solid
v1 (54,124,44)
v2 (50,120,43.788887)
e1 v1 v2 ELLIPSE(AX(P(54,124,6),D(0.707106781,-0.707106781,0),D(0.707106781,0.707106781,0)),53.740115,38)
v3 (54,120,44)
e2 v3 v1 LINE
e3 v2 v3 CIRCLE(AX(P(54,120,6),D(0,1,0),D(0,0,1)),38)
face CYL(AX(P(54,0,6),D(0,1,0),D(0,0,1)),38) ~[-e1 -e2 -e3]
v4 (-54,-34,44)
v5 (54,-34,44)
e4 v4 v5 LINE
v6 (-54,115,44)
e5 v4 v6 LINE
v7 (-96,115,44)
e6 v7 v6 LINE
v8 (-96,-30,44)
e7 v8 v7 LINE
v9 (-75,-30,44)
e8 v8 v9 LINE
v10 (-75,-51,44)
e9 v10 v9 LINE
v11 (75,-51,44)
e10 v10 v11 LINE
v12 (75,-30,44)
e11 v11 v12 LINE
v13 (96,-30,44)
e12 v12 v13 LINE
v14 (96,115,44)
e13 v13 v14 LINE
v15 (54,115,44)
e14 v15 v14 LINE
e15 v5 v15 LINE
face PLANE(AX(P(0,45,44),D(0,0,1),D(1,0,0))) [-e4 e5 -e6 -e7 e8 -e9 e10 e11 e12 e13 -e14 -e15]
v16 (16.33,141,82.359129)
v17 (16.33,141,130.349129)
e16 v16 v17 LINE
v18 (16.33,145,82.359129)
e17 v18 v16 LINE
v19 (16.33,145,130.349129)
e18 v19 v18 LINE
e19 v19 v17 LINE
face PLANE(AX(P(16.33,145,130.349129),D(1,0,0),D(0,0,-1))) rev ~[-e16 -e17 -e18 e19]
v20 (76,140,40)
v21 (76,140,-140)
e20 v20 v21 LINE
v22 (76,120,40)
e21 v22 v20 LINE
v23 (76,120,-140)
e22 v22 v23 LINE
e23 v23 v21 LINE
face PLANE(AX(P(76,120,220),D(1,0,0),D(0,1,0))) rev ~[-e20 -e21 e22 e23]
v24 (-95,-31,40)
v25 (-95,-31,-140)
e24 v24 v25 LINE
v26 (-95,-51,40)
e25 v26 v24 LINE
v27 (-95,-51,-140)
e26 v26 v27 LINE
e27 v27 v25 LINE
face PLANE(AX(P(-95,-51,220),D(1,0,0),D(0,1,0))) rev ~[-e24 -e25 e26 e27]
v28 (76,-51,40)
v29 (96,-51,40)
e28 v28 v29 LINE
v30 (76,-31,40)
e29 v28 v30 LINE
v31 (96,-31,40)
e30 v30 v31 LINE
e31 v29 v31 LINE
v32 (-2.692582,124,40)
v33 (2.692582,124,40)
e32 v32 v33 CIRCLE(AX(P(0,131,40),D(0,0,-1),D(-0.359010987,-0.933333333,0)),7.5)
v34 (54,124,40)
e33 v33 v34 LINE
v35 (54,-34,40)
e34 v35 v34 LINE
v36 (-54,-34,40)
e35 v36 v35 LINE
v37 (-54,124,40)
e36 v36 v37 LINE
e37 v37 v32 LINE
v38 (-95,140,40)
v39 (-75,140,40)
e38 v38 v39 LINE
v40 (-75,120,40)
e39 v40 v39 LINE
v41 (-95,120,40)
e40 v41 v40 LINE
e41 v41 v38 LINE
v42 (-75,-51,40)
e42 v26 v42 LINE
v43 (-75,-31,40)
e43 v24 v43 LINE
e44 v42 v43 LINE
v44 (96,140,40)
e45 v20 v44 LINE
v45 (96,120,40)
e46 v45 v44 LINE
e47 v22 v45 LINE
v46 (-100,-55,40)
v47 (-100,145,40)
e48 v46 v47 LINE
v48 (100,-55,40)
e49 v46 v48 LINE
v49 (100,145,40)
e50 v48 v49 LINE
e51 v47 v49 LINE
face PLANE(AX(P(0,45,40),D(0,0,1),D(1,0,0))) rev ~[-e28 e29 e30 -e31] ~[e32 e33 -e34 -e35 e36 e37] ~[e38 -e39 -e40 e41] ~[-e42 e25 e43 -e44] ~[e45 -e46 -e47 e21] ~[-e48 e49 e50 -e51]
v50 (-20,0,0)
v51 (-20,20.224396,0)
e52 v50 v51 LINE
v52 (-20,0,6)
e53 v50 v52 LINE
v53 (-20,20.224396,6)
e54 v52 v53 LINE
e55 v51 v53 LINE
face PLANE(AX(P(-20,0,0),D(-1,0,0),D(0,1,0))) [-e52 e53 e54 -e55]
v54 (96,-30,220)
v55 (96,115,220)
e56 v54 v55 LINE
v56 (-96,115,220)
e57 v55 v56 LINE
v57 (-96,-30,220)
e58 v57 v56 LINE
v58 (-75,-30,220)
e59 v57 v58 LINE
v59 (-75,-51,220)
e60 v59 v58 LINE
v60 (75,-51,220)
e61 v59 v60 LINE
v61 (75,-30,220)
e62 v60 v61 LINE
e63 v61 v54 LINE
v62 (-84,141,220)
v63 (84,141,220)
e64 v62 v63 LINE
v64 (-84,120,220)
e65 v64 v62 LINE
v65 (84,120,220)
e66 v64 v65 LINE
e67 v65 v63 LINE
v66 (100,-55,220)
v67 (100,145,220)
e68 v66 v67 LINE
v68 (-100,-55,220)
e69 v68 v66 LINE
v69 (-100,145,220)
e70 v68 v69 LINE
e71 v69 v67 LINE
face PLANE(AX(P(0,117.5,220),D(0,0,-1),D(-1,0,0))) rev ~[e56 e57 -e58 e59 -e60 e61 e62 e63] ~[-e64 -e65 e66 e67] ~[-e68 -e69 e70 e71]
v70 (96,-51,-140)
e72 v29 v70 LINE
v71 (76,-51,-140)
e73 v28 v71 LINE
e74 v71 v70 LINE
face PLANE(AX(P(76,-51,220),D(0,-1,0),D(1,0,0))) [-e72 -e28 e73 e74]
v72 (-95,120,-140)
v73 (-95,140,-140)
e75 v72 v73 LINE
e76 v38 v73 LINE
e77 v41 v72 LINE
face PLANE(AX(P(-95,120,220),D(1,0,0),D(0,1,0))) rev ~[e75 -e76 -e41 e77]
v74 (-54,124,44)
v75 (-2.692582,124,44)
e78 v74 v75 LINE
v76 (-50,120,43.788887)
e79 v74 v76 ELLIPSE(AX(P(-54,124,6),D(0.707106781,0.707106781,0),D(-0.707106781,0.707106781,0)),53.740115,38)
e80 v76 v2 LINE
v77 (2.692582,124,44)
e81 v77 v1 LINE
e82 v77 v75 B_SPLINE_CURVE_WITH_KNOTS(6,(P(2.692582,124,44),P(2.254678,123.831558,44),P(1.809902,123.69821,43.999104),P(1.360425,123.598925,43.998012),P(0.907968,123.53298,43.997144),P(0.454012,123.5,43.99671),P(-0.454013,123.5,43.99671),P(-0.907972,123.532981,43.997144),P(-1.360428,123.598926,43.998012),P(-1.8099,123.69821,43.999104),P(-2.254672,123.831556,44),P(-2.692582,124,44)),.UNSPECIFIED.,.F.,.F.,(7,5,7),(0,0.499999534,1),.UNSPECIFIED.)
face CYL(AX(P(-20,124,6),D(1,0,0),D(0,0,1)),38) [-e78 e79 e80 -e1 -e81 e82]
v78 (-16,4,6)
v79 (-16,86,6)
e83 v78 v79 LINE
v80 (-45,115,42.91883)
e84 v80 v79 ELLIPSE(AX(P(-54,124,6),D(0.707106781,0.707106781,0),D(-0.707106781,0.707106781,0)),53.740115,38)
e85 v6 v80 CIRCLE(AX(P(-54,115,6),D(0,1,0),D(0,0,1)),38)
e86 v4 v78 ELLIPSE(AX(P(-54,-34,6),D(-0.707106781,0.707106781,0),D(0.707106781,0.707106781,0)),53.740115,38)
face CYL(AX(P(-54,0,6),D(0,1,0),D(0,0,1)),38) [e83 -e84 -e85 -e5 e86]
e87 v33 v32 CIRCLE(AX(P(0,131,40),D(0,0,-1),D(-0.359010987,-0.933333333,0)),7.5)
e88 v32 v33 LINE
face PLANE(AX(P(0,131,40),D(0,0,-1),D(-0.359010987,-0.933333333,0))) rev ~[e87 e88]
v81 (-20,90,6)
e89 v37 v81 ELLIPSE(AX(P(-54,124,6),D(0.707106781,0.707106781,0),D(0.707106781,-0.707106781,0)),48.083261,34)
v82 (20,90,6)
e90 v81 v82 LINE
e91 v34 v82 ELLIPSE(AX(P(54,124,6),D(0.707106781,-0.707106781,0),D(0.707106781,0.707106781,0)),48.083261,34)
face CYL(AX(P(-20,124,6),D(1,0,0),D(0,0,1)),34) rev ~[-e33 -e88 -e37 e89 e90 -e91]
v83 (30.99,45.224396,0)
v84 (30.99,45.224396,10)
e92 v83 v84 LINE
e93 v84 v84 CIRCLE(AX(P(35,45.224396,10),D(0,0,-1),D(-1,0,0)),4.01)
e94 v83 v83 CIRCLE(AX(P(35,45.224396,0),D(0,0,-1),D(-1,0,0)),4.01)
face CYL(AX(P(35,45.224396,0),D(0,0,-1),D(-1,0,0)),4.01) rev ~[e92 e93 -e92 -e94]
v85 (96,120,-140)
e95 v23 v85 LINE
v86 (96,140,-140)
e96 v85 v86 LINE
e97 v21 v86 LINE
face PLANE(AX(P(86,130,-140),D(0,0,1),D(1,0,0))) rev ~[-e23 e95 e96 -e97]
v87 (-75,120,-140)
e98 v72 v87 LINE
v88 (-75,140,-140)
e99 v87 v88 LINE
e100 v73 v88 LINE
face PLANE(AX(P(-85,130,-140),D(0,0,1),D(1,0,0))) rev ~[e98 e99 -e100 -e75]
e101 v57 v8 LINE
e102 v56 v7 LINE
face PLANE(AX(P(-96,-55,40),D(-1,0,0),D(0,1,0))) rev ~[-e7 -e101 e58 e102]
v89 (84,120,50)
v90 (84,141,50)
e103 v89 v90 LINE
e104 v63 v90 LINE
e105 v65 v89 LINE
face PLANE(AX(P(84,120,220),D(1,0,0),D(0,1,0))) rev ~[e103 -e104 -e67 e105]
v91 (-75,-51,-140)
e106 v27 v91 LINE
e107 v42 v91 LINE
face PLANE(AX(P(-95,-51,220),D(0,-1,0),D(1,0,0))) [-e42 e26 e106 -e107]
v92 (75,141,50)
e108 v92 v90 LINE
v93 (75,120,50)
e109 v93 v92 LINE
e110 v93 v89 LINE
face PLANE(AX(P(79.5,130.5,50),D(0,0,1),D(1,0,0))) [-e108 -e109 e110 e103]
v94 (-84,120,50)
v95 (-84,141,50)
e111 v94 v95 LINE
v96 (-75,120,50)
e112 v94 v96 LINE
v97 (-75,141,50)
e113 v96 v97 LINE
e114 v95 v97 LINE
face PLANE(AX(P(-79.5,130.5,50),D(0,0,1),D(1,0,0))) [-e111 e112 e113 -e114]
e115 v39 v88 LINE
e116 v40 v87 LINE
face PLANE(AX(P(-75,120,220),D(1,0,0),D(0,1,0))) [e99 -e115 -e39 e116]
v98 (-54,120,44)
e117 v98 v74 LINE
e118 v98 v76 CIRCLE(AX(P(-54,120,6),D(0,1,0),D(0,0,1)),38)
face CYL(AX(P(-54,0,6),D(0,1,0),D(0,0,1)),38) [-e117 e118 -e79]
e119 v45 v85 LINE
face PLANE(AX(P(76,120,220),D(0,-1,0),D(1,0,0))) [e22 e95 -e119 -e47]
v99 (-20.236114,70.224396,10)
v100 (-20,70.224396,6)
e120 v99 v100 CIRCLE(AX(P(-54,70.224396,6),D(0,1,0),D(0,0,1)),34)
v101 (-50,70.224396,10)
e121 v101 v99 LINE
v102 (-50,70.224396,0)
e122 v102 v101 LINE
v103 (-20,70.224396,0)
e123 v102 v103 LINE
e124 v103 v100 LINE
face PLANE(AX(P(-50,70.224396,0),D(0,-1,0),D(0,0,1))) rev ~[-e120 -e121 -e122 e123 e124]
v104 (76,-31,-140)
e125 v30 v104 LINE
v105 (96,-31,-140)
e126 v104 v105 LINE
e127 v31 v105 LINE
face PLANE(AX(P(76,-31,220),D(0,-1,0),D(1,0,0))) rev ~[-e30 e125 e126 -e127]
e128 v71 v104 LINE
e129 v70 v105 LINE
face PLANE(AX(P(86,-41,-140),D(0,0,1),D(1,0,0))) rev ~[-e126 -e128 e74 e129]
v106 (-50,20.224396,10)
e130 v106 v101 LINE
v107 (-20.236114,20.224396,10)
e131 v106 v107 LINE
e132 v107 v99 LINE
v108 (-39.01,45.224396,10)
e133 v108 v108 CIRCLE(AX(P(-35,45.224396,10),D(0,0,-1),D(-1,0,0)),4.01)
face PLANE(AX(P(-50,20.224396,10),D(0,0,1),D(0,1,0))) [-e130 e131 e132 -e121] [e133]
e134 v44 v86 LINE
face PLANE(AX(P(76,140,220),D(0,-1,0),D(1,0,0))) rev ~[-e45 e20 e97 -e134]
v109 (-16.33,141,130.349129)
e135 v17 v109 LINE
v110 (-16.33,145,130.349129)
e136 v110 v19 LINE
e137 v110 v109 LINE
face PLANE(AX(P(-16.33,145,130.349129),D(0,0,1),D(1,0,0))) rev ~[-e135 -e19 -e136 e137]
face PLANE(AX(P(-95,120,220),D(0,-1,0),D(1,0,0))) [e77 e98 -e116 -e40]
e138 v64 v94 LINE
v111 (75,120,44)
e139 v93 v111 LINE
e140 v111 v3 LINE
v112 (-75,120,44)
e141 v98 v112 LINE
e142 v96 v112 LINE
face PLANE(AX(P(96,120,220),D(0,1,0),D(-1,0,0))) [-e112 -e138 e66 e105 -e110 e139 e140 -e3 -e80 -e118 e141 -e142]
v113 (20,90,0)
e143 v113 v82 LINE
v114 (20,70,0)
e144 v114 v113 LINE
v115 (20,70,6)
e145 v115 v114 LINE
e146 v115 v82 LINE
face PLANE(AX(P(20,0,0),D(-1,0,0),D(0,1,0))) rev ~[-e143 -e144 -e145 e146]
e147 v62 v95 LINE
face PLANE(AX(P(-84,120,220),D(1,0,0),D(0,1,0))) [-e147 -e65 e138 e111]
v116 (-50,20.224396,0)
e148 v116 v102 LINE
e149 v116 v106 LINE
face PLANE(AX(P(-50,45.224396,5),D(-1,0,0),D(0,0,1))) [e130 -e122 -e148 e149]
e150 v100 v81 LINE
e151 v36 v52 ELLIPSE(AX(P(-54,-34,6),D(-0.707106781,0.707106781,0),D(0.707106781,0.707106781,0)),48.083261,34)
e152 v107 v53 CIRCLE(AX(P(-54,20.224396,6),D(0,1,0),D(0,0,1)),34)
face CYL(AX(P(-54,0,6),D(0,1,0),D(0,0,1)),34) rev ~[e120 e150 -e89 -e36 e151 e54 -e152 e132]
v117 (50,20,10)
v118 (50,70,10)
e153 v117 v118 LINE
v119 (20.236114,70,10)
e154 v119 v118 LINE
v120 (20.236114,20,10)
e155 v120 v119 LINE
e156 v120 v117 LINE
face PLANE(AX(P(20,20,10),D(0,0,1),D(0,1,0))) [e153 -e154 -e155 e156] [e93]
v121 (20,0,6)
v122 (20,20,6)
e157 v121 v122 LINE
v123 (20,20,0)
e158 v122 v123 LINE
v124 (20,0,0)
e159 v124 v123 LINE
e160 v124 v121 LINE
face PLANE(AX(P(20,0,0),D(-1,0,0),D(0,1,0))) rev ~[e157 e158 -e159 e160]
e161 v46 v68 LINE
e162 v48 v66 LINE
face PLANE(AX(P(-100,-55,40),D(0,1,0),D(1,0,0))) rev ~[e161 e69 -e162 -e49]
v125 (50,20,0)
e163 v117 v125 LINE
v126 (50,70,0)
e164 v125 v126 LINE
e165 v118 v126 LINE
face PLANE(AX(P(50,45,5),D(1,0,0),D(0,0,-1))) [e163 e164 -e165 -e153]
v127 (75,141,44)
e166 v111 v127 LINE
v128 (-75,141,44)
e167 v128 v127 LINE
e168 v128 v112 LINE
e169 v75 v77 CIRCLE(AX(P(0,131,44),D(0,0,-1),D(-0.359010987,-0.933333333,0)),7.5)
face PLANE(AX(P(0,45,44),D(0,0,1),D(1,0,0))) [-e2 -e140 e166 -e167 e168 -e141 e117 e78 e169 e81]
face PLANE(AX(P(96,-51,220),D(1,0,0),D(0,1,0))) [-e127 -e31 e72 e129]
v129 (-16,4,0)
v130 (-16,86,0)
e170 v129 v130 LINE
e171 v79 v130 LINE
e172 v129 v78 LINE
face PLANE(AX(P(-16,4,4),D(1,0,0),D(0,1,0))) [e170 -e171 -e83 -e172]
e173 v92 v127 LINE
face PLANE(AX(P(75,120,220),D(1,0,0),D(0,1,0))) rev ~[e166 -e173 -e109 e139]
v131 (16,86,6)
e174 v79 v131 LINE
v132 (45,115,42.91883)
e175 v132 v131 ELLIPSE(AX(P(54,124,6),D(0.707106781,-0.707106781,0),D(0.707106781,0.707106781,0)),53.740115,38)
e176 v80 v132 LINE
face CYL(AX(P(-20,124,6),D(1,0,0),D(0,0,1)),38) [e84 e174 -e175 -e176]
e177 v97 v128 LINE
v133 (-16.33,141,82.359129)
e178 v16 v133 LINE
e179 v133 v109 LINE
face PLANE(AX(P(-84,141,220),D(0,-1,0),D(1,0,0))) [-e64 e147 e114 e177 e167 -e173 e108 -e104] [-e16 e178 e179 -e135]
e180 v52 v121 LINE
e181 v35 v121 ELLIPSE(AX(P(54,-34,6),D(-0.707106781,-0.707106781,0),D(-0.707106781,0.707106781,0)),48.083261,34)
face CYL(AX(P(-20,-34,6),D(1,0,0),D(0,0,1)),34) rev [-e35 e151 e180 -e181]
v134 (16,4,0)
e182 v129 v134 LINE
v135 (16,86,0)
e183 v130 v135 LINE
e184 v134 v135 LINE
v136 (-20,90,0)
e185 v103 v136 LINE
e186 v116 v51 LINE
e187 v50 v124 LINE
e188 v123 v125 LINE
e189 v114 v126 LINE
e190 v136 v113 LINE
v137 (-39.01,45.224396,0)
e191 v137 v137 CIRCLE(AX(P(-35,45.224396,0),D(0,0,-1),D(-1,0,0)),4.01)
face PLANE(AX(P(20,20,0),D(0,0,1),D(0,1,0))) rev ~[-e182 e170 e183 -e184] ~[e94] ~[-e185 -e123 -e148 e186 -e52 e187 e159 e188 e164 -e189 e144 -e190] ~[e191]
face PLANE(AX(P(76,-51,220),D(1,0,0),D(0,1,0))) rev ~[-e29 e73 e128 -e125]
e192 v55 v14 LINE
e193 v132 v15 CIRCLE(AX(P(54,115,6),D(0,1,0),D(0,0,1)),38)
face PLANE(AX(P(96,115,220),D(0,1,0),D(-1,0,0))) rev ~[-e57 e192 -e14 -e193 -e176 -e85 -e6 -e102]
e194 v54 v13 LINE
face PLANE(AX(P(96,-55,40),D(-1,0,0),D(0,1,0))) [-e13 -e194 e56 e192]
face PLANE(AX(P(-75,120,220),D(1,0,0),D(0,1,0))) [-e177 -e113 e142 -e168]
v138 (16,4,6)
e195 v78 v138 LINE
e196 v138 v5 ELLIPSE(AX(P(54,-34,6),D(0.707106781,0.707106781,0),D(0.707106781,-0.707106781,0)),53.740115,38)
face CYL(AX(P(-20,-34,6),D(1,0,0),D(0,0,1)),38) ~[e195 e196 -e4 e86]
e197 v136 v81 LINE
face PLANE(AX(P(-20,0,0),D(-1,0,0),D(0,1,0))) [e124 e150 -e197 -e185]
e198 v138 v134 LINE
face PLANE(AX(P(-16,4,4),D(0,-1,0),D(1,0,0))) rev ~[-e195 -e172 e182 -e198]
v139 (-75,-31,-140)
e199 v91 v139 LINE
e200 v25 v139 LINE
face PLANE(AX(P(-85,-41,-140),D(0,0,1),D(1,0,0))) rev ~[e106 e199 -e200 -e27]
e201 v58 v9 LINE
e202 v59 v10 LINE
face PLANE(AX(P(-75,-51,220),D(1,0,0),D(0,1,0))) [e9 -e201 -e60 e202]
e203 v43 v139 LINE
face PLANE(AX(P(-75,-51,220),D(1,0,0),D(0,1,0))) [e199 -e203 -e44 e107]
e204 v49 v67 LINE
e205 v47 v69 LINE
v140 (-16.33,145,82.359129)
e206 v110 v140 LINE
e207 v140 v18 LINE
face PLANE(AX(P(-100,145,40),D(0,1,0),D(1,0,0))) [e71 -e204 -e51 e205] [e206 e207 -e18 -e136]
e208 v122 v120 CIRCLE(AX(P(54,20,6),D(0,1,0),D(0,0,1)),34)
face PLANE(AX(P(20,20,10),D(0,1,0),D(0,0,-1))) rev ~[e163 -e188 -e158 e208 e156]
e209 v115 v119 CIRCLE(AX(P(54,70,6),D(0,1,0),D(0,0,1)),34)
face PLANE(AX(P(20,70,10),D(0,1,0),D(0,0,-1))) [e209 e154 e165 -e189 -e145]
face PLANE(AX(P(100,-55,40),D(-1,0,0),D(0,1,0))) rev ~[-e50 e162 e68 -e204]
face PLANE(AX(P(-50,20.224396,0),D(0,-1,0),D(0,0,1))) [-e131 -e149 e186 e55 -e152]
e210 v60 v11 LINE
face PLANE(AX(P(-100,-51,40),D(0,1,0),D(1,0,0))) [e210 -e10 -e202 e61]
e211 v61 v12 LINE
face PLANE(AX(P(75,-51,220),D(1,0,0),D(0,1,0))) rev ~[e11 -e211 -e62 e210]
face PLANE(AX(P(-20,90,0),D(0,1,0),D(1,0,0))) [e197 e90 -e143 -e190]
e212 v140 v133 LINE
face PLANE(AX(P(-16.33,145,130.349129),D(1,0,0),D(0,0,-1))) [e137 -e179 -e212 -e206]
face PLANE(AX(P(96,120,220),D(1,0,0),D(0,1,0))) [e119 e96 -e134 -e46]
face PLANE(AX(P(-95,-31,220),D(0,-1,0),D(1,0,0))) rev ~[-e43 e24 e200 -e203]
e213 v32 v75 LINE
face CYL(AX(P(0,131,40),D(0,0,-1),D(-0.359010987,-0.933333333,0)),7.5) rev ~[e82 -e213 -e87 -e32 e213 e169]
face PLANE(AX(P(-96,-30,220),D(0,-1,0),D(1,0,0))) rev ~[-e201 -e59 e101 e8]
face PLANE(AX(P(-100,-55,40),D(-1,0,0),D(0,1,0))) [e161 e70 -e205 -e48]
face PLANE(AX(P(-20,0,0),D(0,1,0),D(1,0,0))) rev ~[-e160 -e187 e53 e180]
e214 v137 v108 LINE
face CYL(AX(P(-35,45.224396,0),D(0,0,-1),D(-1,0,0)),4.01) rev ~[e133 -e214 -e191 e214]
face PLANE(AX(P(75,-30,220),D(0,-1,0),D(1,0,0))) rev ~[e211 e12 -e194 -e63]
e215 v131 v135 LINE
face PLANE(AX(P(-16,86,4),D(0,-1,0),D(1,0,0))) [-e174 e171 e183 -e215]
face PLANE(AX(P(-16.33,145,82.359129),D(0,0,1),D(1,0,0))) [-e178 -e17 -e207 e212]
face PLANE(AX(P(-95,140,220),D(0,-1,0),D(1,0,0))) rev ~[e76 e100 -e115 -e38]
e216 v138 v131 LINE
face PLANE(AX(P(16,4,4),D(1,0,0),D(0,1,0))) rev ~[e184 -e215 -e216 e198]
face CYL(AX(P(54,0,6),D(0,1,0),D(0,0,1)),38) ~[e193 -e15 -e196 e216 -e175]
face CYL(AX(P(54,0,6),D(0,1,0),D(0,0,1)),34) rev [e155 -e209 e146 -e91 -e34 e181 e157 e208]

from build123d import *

# Parameters (mm, degrees)
SKETCH_1_W                       = 40
SKETCH_1_H                       = 90
EXTRUDE_1_DEPTH                  = 40
SKETCH_2_W                       = 200
SKETCH_2_H                       = 200
EXTRUDE_2_DEPTH                  = 180
FILLET_3_R                       = 34
SHELL_5_T                        = -4
SKETCH_5_W                       = 32
SKETCH_5_H                       = 82
CUT_EXTRUDE_3_DEPTH              = 18
SKETCH_6_W                       = 20
SKETCH_6_H                       = 20
EXTRUDE_3_DEPTH                  = 360
SKETCH_7_W                       = 21
SKETCH_7_H                       = 21
EXTRUDE_4_DEPTH                  = 180
PATTERN_LINEAR_1_COUNT           = 2
PATTERN_LINEAR_1_PITCH           = 171
PATTERN_LINEAR_2_COUNT           = 2
PATTERN_LINEAR_2_PITCH           = 171
PATTERN_LINEAR_2_COPY_1_SKETCH_W = 20
PATTERN_LINEAR_2_COPY_1_SKETCH_H = 20
PATTERN_LINEAR_2_COPY_1_DEPTH    = 360
PATTERN_LINEAR_2_COPY_2_SKETCH_W = 21
PATTERN_LINEAR_2_COPY_2_SKETCH_H = 21
PATTERN_LINEAR_2_COPY_2_DEPTH    = 180
EXTRUDE_START                    = 30
SKETCH_8_W                       = 10
SKETCH_8_H                       = 50
EXTRUDE_8_DEPTH                  = 30
SKETCH_11_W                      = 10
SKETCH_11_H                      = 50
EXTRUDE_9_DEPTH                  = 30
SKETCH_12_R                      = 4.01
CUT_EXTRUDE_4_DEPTH              = 10
EXTRUDE_10_REACH                 = 402.78
SKETCH_18_W                      = 9
SKETCH_18_H                      = 21
CUT_EXTRUDE_5_DEPTH              = 170
SKETCH_20_W                      = 32.66
SKETCH_20_H                      = 47.99
CUT_EXTRUDE_6_DEPTH              = 20
SKETCH_21_R                      = 7.5
CUT_EXTRUDE_7_DEPTH              = 260


with BuildPart() as part:
    # 草图1 → 凸台-拉伸1 (new body)
    with BuildSketch(Plane.XY):
        with Locations((0, 45)):
            Rectangle(SKETCH_1_W, SKETCH_1_H)
    extrude(amount=EXTRUDE_1_DEPTH)

    # 草图2 → 凸台-拉伸2 (add)
    with BuildSketch(Plane.XY.offset(40)):
        with Locations((0, 45)):
            Rectangle(SKETCH_2_W, SKETCH_2_H)
    extrude(amount=EXTRUDE_2_DEPTH)

    # 圆角3
    fillet_3_edges = [part.edges().sort_by_distance(p)[0] for p in [
        (20, 45, 40),
        (0, 90, 40),
        (-20, 45, 40),
        (0, 0, 40),
    ]]
    fillet(fillet_3_edges, radius=FILLET_3_R)

    # 抽壳5
    shell_5_openings = [part.faces().sort_by_distance(p)[0] for p in [
        (0, 45, 220),
    ]]
    offset(amount=SHELL_5_T, openings=shell_5_openings)

    # 草图5 → 切除-拉伸3 (cut)
    with BuildSketch(Plane.XY.offset(4)):
        with Locations((0, 45)):
            Rectangle(SKETCH_5_W, SKETCH_5_H)
    extrude(amount=-CUT_EXTRUDE_3_DEPTH, mode=Mode.SUBTRACT)

    # 草图6 → 凸台-拉伸3 (add)
    with BuildSketch(Plane.XY.offset(220)):
        with Locations((-85, 130)):
            Rectangle(SKETCH_6_W, SKETCH_6_H)
    extrude_3 = extrude(amount=-EXTRUDE_3_DEPTH)

    # 草图7 → 凸台-拉伸4 (add)
    with BuildSketch(Plane.XY.offset(220)):
        with Locations((-85.5, 130.5)):
            Rectangle(SKETCH_7_W, SKETCH_7_H)
    extrude_4 = extrude(amount=-EXTRUDE_4_DEPTH)

    # 阵列(线性)1: 凸台-拉伸3, 凸台-拉伸4 ×2
    with Locations(*[(i * PATTERN_LINEAR_1_PITCH, 0, 0) for i in range(1, PATTERN_LINEAR_1_COUNT)]):
        add(extrude_3)
        add(extrude_4)

    # 阵列(线性)2: 凸台-拉伸3, 凸台-拉伸4 ×2
    with Locations(*[(0, -i * PATTERN_LINEAR_2_PITCH, 0) for i in range(1, PATTERN_LINEAR_2_COUNT)]):
        add(extrude_3)
        add(extrude_4)

    # 阵列(线性)2 copy 1 sketch → 阵列(线性)2 copy 1 (add)
    with BuildSketch(Plane(origin=(171, -171, 220), x_dir=(1, 0, 0), z_dir=(0, 0, 1))):
        with Locations((-85, 130)):
            Rectangle(PATTERN_LINEAR_2_COPY_1_SKETCH_W, PATTERN_LINEAR_2_COPY_1_SKETCH_H)
    extrude(amount=-PATTERN_LINEAR_2_COPY_1_DEPTH)

    # 阵列(线性)2 copy 2 sketch → 阵列(线性)2 copy 2 (add)
    with BuildSketch(Plane(origin=(171, -171, 220), x_dir=(1, 0, 0), z_dir=(0, 0, 1))):
        with Locations((-85.5, 130.5)):
            Rectangle(PATTERN_LINEAR_2_COPY_2_SKETCH_W, PATTERN_LINEAR_2_COPY_2_SKETCH_H)
    extrude(amount=-PATTERN_LINEAR_2_COPY_2_DEPTH)

    # 草图8 → 凸台-拉伸8 (add)
    with BuildSketch(Plane.ZY.offset(20).offset(EXTRUDE_START)):
        with Locations((5, 45.224395516)):
            Rectangle(SKETCH_8_W, SKETCH_8_H)
    extrude(amount=-EXTRUDE_8_DEPTH)

    # 草图11 → 凸台-拉伸9 (add)
    with BuildSketch(Plane(origin=(20, 0, 0), x_dir=(0, 0, -1), z_dir=(1, 0, 0))):
        with Locations((-5, 45)):
            Rectangle(SKETCH_11_W, SKETCH_11_H)
    extrude(amount=EXTRUDE_9_DEPTH)

    # 草图12 → 切除-拉伸4 (cut)
    with BuildSketch(Plane(origin=(0, 0, 0), x_dir=(-1, 0, 0), z_dir=(0, 0, -1))):
        with Locations((-35, 45.224395516)):
            Circle(SKETCH_12_R)
        with Locations((35, 45.224395516)):
            Circle(SKETCH_12_R)
    extrude(amount=-CUT_EXTRUDE_4_DEPTH, mode=Mode.SUBTRACT)

    # 草图17 → 凸台-拉伸10 (add, up to next)
    with BuildSketch(Plane.XY.offset(220), mode=Mode.PRIVATE) as extrude_10_sk1:
        Polygon((-75, 120), (75, 120), (96, 120), (96, 115), (-96, 115), (-96, 120), align=None)
    extrude_10_tool1 = extrude(extrude_10_sk1.sketch, amount=-EXTRUDE_10_REACH, mode=Mode.PRIVATE) - part.part
    add(extrude_10_tool1.solids().sort_by_distance((0, 117.5, 220))[0])

    # 草图18 → 切除-拉伸5 (cut)
    with BuildSketch(Plane.XY.offset(220)):
        with Locations((79.5, 130.5)):
            Rectangle(SKETCH_18_W, SKETCH_18_H)
        with Locations((-79.5, 130.5)):
            Rectangle(SKETCH_18_W, SKETCH_18_H)
    extrude(amount=-CUT_EXTRUDE_5_DEPTH, mode=Mode.SUBTRACT)

    # 草图20 → 切除-拉伸6 (cut)
    with BuildSketch(Plane(origin=(0, 145, 0), x_dir=(1, 0, 0), z_dir=(0, 1, 0))):
        with Locations((0, -106.354128517)):
            Rectangle(SKETCH_20_W, SKETCH_20_H)
    extrude(amount=-CUT_EXTRUDE_6_DEPTH, mode=Mode.SUBTRACT)

    # 草图21 → 切除-拉伸7 (cut)
    with BuildSketch(Plane(origin=(0, 0, 40), x_dir=(-1, 0, 0), z_dir=(0, 0, -1))):
        with Locations(Location((0, 131, 0), (0, 0, 291.039469781))):
            Circle(SKETCH_21_R)
    extrude(amount=-CUT_EXTRUDE_7_DEPTH, mode=Mode.SUBTRACT)


solid = part.part
